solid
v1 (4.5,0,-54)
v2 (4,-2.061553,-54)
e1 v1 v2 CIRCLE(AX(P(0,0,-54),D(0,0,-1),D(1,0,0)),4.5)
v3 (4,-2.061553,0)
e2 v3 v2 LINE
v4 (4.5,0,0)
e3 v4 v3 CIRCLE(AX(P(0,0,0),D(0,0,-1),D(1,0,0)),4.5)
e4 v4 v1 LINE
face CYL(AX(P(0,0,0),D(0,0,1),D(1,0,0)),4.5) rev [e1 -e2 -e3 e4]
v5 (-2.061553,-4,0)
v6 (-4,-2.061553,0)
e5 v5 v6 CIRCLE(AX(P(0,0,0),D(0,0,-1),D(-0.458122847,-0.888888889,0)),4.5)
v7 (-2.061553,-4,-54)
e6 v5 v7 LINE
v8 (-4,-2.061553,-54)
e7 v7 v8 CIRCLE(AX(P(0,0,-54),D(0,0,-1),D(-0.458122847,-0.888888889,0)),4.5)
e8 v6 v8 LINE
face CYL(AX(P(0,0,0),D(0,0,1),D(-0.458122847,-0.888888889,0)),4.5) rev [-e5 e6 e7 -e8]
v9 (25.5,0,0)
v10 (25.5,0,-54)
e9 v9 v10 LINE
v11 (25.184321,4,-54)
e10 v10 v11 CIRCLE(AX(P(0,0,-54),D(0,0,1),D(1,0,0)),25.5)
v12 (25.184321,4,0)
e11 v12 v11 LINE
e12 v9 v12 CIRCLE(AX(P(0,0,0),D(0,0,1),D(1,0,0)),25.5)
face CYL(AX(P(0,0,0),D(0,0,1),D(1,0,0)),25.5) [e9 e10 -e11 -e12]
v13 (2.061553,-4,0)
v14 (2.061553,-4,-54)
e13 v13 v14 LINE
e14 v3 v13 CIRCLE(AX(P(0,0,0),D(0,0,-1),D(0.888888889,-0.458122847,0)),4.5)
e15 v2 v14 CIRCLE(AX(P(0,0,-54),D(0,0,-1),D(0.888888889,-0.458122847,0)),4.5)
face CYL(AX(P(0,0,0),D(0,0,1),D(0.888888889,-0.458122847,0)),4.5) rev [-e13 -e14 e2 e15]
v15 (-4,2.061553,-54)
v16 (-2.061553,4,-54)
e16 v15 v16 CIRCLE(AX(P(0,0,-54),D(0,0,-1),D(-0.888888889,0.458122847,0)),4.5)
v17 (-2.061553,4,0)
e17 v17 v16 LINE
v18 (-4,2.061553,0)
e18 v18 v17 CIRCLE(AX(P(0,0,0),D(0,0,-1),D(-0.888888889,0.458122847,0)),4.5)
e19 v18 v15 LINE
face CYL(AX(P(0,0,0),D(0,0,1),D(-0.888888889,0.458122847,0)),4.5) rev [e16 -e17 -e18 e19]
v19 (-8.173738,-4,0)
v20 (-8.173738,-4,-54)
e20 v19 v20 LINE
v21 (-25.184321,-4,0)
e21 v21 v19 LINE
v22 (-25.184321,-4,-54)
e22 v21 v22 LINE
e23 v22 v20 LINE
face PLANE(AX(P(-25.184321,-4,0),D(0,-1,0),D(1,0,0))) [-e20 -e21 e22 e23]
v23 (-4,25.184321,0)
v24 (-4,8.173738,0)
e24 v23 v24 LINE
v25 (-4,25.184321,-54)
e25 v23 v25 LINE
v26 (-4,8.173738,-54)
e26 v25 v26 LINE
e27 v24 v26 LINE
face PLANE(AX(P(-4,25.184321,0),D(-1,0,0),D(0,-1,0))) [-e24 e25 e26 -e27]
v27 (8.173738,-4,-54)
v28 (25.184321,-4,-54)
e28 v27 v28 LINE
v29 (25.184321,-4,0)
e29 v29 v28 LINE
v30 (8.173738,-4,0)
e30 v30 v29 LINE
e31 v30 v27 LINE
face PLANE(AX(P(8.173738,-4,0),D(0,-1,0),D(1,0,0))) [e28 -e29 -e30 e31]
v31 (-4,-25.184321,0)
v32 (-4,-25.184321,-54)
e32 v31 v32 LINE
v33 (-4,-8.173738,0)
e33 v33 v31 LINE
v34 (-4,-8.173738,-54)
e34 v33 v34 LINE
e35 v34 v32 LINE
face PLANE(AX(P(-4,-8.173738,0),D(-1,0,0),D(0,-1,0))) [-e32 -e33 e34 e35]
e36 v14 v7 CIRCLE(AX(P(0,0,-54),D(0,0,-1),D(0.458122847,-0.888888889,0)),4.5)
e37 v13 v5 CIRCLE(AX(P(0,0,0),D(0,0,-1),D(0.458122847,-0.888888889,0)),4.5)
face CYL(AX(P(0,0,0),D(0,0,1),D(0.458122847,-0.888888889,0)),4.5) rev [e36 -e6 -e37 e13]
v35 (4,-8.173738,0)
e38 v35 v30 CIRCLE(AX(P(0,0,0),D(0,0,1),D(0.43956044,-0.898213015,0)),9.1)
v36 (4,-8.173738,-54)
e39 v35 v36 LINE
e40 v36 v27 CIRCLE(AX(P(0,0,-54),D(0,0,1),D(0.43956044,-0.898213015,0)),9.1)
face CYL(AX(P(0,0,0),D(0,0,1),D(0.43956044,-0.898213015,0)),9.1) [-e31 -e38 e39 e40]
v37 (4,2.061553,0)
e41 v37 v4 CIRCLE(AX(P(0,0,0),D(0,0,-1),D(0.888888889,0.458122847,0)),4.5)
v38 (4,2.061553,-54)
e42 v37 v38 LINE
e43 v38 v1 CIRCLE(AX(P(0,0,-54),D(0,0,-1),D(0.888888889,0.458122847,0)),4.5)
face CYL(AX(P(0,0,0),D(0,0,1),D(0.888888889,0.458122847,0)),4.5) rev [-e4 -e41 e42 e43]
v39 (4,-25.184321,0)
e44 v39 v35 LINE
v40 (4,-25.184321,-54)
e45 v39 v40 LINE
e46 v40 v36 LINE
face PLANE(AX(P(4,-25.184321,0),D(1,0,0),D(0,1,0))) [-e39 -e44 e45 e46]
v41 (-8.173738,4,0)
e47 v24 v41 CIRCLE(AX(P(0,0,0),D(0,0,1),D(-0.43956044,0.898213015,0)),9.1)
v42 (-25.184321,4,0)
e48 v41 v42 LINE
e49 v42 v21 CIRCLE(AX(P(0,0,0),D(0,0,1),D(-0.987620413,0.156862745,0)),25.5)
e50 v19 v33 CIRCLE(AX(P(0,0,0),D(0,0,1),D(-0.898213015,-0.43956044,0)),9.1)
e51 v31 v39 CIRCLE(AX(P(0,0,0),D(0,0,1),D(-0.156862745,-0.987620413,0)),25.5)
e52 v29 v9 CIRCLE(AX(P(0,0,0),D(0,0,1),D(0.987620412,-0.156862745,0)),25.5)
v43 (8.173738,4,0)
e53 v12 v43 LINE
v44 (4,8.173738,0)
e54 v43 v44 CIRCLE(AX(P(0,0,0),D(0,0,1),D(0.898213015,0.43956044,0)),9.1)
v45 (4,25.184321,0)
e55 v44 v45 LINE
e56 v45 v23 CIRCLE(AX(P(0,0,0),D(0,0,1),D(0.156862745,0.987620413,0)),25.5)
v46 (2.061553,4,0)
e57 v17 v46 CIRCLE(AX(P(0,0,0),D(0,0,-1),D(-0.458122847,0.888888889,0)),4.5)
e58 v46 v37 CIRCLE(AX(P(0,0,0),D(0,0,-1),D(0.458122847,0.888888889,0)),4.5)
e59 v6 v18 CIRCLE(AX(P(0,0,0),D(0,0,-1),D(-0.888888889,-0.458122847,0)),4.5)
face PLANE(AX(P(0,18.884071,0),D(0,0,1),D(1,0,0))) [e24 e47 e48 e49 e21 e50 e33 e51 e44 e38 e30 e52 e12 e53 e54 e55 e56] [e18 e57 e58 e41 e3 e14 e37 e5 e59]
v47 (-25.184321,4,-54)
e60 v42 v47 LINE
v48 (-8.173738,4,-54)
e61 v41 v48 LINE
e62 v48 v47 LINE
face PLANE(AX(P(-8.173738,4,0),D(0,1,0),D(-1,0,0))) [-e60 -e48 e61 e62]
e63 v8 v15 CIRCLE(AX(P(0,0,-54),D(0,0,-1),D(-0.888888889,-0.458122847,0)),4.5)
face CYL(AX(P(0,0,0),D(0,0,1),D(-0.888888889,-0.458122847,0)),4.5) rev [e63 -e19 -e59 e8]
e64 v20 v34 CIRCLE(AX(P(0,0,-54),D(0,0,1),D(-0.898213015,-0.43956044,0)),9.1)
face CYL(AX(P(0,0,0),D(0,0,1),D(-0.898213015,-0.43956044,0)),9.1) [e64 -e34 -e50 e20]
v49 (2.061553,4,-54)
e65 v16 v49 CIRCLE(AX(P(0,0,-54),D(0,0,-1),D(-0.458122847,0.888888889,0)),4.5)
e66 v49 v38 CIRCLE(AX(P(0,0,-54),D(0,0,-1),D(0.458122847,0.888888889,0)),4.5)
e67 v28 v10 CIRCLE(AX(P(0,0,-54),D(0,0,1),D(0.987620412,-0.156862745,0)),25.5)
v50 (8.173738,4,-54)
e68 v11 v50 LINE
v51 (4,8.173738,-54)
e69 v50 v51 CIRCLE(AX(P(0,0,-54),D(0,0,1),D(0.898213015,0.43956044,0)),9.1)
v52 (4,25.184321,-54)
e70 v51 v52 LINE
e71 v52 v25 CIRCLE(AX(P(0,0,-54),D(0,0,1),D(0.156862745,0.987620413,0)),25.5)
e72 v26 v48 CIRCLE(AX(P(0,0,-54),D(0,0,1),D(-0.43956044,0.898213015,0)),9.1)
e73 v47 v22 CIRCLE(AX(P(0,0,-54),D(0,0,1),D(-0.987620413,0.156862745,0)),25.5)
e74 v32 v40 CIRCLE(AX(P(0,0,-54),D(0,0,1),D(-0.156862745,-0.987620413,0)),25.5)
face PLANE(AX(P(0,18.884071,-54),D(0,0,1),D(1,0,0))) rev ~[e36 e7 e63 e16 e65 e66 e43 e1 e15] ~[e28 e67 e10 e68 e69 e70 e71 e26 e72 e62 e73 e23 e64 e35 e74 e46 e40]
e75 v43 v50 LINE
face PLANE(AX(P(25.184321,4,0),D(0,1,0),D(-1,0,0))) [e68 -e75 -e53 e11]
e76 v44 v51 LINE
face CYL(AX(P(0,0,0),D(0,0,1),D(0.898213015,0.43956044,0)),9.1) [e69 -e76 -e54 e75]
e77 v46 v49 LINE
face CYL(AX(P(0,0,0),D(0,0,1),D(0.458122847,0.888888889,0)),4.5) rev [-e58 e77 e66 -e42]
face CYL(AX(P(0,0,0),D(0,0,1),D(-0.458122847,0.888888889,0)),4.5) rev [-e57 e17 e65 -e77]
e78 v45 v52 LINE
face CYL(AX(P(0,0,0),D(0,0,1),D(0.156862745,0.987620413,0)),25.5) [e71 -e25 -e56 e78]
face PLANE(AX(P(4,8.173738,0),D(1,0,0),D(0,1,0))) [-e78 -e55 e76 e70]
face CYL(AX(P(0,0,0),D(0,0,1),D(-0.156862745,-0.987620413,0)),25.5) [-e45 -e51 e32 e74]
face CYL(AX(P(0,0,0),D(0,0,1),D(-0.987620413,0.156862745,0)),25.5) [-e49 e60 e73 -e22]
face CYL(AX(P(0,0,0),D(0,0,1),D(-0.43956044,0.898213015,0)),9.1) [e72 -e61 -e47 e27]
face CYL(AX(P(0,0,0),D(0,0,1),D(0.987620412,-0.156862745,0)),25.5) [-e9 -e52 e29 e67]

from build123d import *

# Parameters (mm, degrees)
F1_DEPTH = 54


with BuildPart() as f1:
    # F0 (on Top) → F1 (new body)
    with BuildSketch(Plane.XY):
        with BuildLine():
            ThreePointArc((-4, 12.4743737318), (0, 13.1), (4, 12.4743737318))
            Line((4, 12.4743737318), (4, 25.1843205189))
            Line((4, 25.1843205189), (-4, 25.1843205189))
            Line((-4, 25.1843205189), (-4, 12.4743737318))
        make_face()
        with BuildLine():
            Line((-4, 25.1843205189), (4, 25.1843205189))
            ThreePointArc((4, 25.1843205189), (0, 25.5), (-4, 25.1843205189))
        make_face()
        with BuildLine():
            ThreePointArc((25.5, 0), (25.4209576259, 2.0062186779), (25.1843205189, 4))
            Line((25.1843205189, 4), (25.1843205189, -4))
            ThreePointArc((25.1843205189, -4), (25.4209576259, -2.0062186779), (25.5, 0))
        make_face()
        with BuildLine():
            Line((25.1843205189, 4), (12.4743737318, 4))
            ThreePointArc((12.4743737318, 4), (12.942648413, 2.0243152069), (13.1, 0))
            ThreePointArc((13.1, 0), (12.942648413, -2.0243152069), (12.4743737318, -4))
            Line((12.4743737318, -4), (25.1843205189, -4))
            Line((25.1843205189, -4), (25.1843205189, 4))
        make_face()
        with BuildLine():
            ThreePointArc((-4, -25.1843205189), (0, -25.5), (4, -25.1843205189))
            Line((4, -25.1843205189), (-4, -25.1843205189))
        make_face()
        with BuildLine():
            Line((-25.1843205189, -4), (-25.1843205189, 4))
            ThreePointArc((-25.1843205189, 4), (-25.5, 0), (-25.1843205189, -4))
        make_face()
        with BuildLine():
            ThreePointArc((-12.4743737318, -4), (-13.1, 0), (-12.4743737318, 4))
            Line((-12.4743737318, 4), (-25.1843205189, 4))
            Line((-25.1843205189, 4), (-25.1843205189, -4))
            Line((-25.1843205189, -4), (-12.4743737318, -4))
        make_face()
        with BuildLine():
            Line((4, -25.1843205189), (4, -12.4743737318))
            ThreePointArc((4, -12.4743737318), (0, -13.1), (-4, -12.4743737318))
            Line((-4, -12.4743737318), (-4, -25.1843205189))
            Line((-4, -25.1843205189), (4, -25.1843205189))
        make_face()
        with BuildLine():
            Line((-8.1737384348, 4), (-10.3542261903, 4))
            ThreePointArc((-10.3542261903, 4), (-11.1, 0), (-10.3542261903, -4))
            Line((-10.3542261903, -4), (-8.1737384348, -4))
            ThreePointArc((-8.1737384348, -4), (-9.1, 0), (-8.1737384348, 4))
        make_face()
        with BuildLine():
            ThreePointArc((-10.3542261903, -4), (-11.1, 0), (-10.3542261903, 4))
            Line((-10.3542261903, 4), (-12.4743737318, 4))
            ThreePointArc((-12.4743737318, 4), (-13.1, 0), (-12.4743737318, -4))
            Line((-12.4743737318, -4), (-10.3542261903, -4))
        make_face()
        with BuildLine():
            Line((4, 8.1737384348), (4, 10.3542261903))
            ThreePointArc((4, 10.3542261903), (0, 11.1), (-4, 10.3542261903))
            Line((-4, 10.3542261903), (-4, 8.1737384348))
            ThreePointArc((-4, 8.1737384348), (0, 9.1), (4, 8.1737384348))
        make_face()
        with BuildLine():
            ThreePointArc((-4, 10.3542261903), (0, 11.1), (4, 10.3542261903))
            Line((4, 10.3542261903), (4, 12.4743737318))
            ThreePointArc((4, 12.4743737318), (0, 13.1), (-4, 12.4743737318))
            Line((-4, 12.4743737318), (-4, 10.3542261903))
        make_face()
        with BuildLine():
            ThreePointArc((10.3542261903, 4), (10.9119638634, 2.0344642154), (11.1, 0))
            ThreePointArc((11.1, 0), (10.9119638634, -2.0344642154), (10.3542261903, -4))
            Line((10.3542261903, -4), (12.4743737318, -4))
            ThreePointArc((12.4743737318, -4), (12.942648413, -2.0243152069), (13.1, 0))
            ThreePointArc((13.1, 0), (12.942648413, 2.0243152069), (12.4743737318, 4))
            Line((12.4743737318, 4), (10.3542261903, 4))
        make_face()
        with BuildLine():
            ThreePointArc((10.3542261903, -4), (10.9119638634, -2.0344642154), (11.1, 0))
            ThreePointArc((11.1, 0), (10.9119638634, 2.0344642154), (10.3542261903, 4))
            Line((10.3542261903, 4), (8.1737384348, 4))
            ThreePointArc((8.1737384348, 4), (8.8654108691, 2.052922337), (9.1, 0))
            ThreePointArc((9.1, 0), (8.8654108691, -2.052922337), (8.1737384348, -4))
            Line((8.1737384348, -4), (10.3542261903, -4))
        make_face()
        with BuildLine():
            ThreePointArc((-4, -10.3542261903), (0, -11.1), (4, -10.3542261903))
            Line((4, -10.3542261903), (4, -8.1737384348))
            ThreePointArc((4, -8.1737384348), (0, -9.1), (-4, -8.1737384348))
            Line((-4, -8.1737384348), (-4, -10.3542261903))
        make_face()
        with BuildLine():
            Line((4, -12.4743737318), (4, -10.3542261903))
            ThreePointArc((4, -10.3542261903), (0, -11.1), (-4, -10.3542261903))
            Line((-4, -10.3542261903), (-4, -12.4743737318))
            ThreePointArc((-4, -12.4743737318), (0, -13.1), (4, -12.4743737318))
        make_face()
        with BuildLine():
            Line((-4, 4), (-8.1737384348, 4))
            ThreePointArc((-8.1737384348, 4), (-9.1, 0), (-8.1737384348, -4))
            Line((-8.1737384348, -4), (-4, -4))
            Line((-4, -4), (-4, -2.0615528128))
            ThreePointArc((-4, -2.0615528128), (-4.5, 0), (-4, 2.0615528128))
            Line((-4, 2.0615528128), (-4, 4))
        make_face()
        with BuildLine():
            Line((-4, 4), (-4, 8.1737384348))
            ThreePointArc((-4, 8.1737384348), (-6.4346717088, 6.4346717088), (-8.1737384348, 4))
            Line((-8.1737384348, 4), (-4, 4))
        make_face()
        with BuildLine():
            Line((4, 4), (4, 8.1737384348))
            ThreePointArc((4, 8.1737384348), (0, 9.1), (-4, 8.1737384348))
            Line((-4, 8.1737384348), (-4, 4))
            Line((-4, 4), (-2.0615528128, 4))
            ThreePointArc((-2.0615528128, 4), (0, 4.5), (2.0615528128, 4))
            Line((2.0615528128, 4), (4, 4))
        make_face()
        with BuildLine():
            Line((4, 4), (8.1737384348, 4))
            ThreePointArc((8.1737384348, 4), (6.4346717088, 6.4346717088), (4, 8.1737384348))
            Line((4, 8.1737384348), (4, 4))
        make_face()
        with BuildLine():
            ThreePointArc((9.1, 0), (8.8654108691, 2.052922337), (8.1737384348, 4))
            Line((8.1737384348, 4), (4, 4))
            Line((4, 4), (4, 2.0615528128))
            ThreePointArc((4, 2.0615528128), (4.3732139211, 1.0606601718), (4.5, 0))
            ThreePointArc((4.5, 0), (4.3732139211, -1.0606601718), (4, -2.0615528128))
            Line((4, -2.0615528128), (4, -4))
            Line((4, -4), (8.1737384348, -4))
            ThreePointArc((8.1737384348, -4), (8.8654108691, -2.052922337), (9.1, 0))
        make_face()
        with BuildLine():
            ThreePointArc((-4, -8.1737384348), (0, -9.1), (4, -8.1737384348))
            Line((4, -8.1737384348), (4, -4))
            Line((4, -4), (2.0615528128, -4))
            ThreePointArc((2.0615528128, -4), (0, -4.5), (-2.0615528128, -4))
            Line((-2.0615528128, -4), (-4, -4))
            Line((-4, -4), (-4, -8.1737384348))
        make_face()
        with BuildLine():
            ThreePointArc((-8.1737384348, -4), (-6.4346717088, -6.4346717088), (-4, -8.1737384348))
            Line((-4, -8.1737384348), (-4, -4))
            Line((-4, -4), (-8.1737384348, -4))
        make_face()
        with BuildLine():
            ThreePointArc((4, -8.1737384348), (6.4346717088, -6.4346717088), (8.1737384348, -4))
            Line((8.1737384348, -4), (4, -4))
            Line((4, -4), (4, -8.1737384348))
        make_face()
        with BuildLine():
            Line((2.0615528128, -4), (4, -4))
            Line((4, -4), (4, -2.0615528128))
            ThreePointArc((4, -2.0615528128), (3.1819805153, -3.1819805153), (2.0615528128, -4))
        make_face()
        with BuildLine():
            Line((-4, -2.0615528128), (-4, -4))
            Line((-4, -4), (-2.0615528128, -4))
            ThreePointArc((-2.0615528128, -4), (-3.1819805153, -3.1819805153), (-4, -2.0615528128))
        make_face()
        with BuildLine():
            Line((-2.0615528128, 4), (-4, 4))
            Line((-4, 4), (-4, 2.0615528128))
            ThreePointArc((-4, 2.0615528128), (-3.1819805153, 3.1819805153), (-2.0615528128, 4))
        make_face()
        with BuildLine():
            Line((4, 2.0615528128), (4, 4))
            Line((4, 4), (2.0615528128, 4))
            ThreePointArc((2.0615528128, 4), (3.1819805153, 3.1819805153), (4, 2.0615528128))
        make_face()
    extrude(amount=-F1_DEPTH)


solid = f1.part
